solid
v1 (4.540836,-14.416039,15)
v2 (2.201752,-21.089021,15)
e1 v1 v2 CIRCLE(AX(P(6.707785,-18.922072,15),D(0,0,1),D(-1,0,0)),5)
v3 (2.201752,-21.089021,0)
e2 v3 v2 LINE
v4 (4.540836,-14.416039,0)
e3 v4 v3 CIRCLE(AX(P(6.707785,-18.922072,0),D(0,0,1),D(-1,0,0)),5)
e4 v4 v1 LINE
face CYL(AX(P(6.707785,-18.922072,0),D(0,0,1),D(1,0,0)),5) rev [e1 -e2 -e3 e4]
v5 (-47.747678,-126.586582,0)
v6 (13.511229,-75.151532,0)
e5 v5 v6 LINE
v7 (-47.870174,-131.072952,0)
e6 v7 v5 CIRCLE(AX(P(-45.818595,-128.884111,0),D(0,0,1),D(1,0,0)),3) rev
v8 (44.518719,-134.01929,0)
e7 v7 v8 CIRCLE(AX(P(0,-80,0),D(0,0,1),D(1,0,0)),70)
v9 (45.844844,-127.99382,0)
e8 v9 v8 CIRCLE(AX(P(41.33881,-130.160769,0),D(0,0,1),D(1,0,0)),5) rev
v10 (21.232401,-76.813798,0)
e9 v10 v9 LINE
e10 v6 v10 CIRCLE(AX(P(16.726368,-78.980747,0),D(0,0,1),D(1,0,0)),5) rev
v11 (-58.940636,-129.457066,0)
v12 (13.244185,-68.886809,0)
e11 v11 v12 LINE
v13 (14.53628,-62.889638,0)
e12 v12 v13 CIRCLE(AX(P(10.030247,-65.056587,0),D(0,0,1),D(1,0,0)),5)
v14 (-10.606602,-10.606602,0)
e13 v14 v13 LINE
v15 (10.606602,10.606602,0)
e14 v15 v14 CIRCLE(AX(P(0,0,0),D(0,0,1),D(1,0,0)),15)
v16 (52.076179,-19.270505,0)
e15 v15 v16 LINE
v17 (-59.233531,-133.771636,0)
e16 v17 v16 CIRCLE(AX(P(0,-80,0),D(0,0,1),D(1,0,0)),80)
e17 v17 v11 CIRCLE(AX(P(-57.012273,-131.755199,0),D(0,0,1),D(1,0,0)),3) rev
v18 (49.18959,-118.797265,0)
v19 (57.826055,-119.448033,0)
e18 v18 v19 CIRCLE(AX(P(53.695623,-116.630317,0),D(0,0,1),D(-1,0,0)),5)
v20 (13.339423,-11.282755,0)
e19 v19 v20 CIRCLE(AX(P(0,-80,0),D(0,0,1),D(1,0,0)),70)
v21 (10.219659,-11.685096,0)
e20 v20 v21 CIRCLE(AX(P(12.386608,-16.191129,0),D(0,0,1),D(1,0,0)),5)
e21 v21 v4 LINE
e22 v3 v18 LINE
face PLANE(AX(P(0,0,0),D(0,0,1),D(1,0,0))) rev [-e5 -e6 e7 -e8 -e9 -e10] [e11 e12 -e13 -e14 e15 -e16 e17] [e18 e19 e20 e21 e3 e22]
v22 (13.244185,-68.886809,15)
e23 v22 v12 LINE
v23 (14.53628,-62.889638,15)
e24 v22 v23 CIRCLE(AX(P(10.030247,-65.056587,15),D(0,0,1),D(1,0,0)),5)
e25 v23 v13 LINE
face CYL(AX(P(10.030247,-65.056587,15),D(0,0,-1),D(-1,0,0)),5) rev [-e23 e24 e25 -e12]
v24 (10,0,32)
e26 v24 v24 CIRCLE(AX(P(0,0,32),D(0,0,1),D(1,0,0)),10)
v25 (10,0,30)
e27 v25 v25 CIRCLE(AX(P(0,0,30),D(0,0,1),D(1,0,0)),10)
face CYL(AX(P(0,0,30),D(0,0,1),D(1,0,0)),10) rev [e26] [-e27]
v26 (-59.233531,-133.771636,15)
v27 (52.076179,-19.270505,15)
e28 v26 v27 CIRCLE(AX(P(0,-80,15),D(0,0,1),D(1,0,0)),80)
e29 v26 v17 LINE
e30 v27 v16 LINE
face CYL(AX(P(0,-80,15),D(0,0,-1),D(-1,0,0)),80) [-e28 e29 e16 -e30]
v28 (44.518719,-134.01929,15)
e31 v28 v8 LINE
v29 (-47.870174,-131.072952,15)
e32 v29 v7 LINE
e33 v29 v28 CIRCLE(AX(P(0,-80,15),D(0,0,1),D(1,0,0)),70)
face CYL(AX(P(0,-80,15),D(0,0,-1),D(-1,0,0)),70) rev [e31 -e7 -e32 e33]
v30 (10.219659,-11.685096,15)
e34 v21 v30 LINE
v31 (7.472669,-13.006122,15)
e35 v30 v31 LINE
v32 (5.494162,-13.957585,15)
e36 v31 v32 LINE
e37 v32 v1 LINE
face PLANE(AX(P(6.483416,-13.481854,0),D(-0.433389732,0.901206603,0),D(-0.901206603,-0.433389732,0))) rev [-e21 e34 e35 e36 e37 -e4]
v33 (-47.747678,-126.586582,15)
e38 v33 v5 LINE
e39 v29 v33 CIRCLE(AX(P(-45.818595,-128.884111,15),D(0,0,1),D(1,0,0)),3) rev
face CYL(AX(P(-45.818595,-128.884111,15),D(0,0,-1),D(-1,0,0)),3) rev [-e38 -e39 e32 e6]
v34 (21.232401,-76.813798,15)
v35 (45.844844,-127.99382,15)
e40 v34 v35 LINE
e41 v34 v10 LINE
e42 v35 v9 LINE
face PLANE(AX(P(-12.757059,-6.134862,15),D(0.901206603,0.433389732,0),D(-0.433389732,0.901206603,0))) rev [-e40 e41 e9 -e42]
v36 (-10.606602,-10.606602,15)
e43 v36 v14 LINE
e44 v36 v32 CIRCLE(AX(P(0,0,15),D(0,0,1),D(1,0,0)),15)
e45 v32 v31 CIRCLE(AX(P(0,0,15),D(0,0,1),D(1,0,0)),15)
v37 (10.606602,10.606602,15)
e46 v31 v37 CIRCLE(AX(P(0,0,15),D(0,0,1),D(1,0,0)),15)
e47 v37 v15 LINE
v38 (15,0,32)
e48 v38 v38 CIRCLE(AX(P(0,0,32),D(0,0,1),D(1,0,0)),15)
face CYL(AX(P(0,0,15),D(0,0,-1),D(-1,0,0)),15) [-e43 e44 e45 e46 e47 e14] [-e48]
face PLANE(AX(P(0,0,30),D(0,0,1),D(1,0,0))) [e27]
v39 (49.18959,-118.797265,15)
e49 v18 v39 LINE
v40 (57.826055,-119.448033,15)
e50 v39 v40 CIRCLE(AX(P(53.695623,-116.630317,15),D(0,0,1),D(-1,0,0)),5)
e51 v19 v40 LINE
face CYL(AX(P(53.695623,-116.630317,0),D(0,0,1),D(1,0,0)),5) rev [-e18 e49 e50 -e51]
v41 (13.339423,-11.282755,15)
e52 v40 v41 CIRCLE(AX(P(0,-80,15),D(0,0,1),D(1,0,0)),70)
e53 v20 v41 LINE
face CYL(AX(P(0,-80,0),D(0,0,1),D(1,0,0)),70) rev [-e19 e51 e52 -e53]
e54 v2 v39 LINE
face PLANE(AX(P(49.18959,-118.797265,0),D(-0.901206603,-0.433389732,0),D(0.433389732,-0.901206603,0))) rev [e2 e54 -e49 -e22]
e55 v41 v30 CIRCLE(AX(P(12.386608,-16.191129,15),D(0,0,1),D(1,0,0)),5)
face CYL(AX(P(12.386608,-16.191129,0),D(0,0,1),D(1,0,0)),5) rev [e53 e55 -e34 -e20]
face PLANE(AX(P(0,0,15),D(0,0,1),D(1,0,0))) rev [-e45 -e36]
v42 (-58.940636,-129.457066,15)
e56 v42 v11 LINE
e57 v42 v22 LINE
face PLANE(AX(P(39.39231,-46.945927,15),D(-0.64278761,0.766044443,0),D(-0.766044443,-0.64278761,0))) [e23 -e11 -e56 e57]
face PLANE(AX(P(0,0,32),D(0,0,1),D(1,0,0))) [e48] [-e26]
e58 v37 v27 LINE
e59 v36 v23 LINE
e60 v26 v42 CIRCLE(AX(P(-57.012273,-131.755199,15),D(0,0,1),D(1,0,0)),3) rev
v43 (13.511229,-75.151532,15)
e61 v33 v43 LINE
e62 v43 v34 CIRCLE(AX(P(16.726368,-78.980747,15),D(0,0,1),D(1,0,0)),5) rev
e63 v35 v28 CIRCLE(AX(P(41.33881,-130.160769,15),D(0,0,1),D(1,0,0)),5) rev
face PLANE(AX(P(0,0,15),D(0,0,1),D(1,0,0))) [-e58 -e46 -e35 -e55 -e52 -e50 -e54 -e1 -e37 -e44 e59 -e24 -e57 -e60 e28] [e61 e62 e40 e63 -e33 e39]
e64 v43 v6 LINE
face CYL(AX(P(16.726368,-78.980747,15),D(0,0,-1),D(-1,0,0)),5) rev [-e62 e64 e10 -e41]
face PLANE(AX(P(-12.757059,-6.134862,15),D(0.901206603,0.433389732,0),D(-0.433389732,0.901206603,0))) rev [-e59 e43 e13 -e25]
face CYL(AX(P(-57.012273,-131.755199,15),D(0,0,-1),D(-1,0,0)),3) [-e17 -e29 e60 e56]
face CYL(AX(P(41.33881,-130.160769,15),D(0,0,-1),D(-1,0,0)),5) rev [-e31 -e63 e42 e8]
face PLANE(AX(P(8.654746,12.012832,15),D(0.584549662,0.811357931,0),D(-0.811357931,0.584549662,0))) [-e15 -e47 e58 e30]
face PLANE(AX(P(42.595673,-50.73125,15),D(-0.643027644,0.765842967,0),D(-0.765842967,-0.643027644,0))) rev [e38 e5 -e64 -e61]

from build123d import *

# Parameters (mm, degrees)
EXTRUDE_1_DEPTH     = 15
CUT_EXTRUDE_START   = -15
CUT_EXTRUDE_1_DEPTH = 15
SKETCH_9_R          = 15
EXTRUDE_2_DEPTH     = 17
SKETCH_10_R         = 10
CUT_EXTRUDE_4_DEPTH = 2


with BuildPart() as part:
    # ｽｹｯﾁ4 → ﾎﾞｽ - 押し出し1 (new body)
    with BuildSketch(Plane.XY):
        with BuildLine():
            Line((-53.623111018, -124.995132678), (-58.940636287, -129.45706617))
            ThreePointArc((-58.940636287, -129.45706617), (-60.005384698, -131.552012131), (-59.233530865, -133.771635843))
            ThreePointArc((-59.233530865, -133.771635843), (57.362306223, -135.763481103), (52.076178918, -19.270504783))
            Line((52.076178918, -19.270504783), (10.606601718, 10.606601718))
            ThreePointArc((10.606601718, 10.606601718), (-10.606601718, 10.606601718), (-10.606601718, -10.606601718))
            Line((-10.606601718, -10.606601718), (14.536280154, -62.889638219))
            ThreePointArc((14.536280154, -62.889638219), (14.918089499, -66.109676181), (13.244185189, -68.886809092))
            Line((13.244185189, -68.886809092), (-53.623111018, -124.995132678))
        make_face()
        with BuildLine():
            Line((21.232400696, -76.813798404), (45.844843506, -127.993820346))
            ThreePointArc((45.844843506, -127.993820346), (46.221944165, -131.235480845), (44.518718993, -134.019289696))
            ThreePointArc((44.518718993, -134.019289696), (-2.231208213, -149.964431749), (-47.870174388, -131.072951785))
            ThreePointArc((-47.870174388, -131.072951785), (-48.817477846, -128.802229421), (-47.747678417, -126.586582094))
            Line((-47.747678417, -126.586582094), (13.511229465, -75.151532228))
            ThreePointArc((13.511229465, -75.151532228), (17.77869109, -74.092739753), (21.232400696, -76.813798404))
        make_face(mode=Mode.SUBTRACT)
    extrude(amount=EXTRUDE_1_DEPTH)

    # ｽｹｯﾁ6 → ｶｯﾄ - 押し出し1 (cut)
    with BuildSketch(Plane.XY.offset(15).offset(CUT_EXTRUDE_START)):
        with BuildLine():
            Line((49.189589797, -118.797265215), (2.201751786, -21.089020696))
            ThreePointArc((2.201751786, -21.089020696), (1.989274209, -17.268089629), (4.540836142, -14.416039025))
            Line((4.540836142, -14.416039025), (6.483415605, -13.48185369))
            Line((6.483415605, -13.48185369), (10.219658847, -11.685096486))
            ThreePointArc((10.219658847, -11.685096486), (11.747077013, -11.232198087), (13.339423466, -11.282754846))
            ThreePointArc((13.339423466, -11.282754846), (64.738421392, -53.37413296), (57.826055334, -119.448033215))
            ThreePointArc((57.826055334, -119.448033215), (53.319931874, -121.616182211), (49.189589797, -118.797265215))
        make_face()
    extrude(amount=CUT_EXTRUDE_1_DEPTH, mode=Mode.SUBTRACT)

    # ｽｹｯﾁ9 → ﾎﾞｽ - 押し出し2 (add)
    with BuildSketch(Plane.XY.offset(15)):
        with Locations(Location((0, 0, 0), (0, 0, 225))):
            Circle(SKETCH_9_R)
    extrude(amount=EXTRUDE_2_DEPTH)

    # ｽｹｯﾁ10 → ｶｯﾄ - 押し出し4 (cut)
    with BuildSketch(Plane.XY.offset(32)):
        Circle(SKETCH_10_R)
    extrude(amount=-CUT_EXTRUDE_4_DEPTH, mode=Mode.SUBTRACT)


solid = part.part
